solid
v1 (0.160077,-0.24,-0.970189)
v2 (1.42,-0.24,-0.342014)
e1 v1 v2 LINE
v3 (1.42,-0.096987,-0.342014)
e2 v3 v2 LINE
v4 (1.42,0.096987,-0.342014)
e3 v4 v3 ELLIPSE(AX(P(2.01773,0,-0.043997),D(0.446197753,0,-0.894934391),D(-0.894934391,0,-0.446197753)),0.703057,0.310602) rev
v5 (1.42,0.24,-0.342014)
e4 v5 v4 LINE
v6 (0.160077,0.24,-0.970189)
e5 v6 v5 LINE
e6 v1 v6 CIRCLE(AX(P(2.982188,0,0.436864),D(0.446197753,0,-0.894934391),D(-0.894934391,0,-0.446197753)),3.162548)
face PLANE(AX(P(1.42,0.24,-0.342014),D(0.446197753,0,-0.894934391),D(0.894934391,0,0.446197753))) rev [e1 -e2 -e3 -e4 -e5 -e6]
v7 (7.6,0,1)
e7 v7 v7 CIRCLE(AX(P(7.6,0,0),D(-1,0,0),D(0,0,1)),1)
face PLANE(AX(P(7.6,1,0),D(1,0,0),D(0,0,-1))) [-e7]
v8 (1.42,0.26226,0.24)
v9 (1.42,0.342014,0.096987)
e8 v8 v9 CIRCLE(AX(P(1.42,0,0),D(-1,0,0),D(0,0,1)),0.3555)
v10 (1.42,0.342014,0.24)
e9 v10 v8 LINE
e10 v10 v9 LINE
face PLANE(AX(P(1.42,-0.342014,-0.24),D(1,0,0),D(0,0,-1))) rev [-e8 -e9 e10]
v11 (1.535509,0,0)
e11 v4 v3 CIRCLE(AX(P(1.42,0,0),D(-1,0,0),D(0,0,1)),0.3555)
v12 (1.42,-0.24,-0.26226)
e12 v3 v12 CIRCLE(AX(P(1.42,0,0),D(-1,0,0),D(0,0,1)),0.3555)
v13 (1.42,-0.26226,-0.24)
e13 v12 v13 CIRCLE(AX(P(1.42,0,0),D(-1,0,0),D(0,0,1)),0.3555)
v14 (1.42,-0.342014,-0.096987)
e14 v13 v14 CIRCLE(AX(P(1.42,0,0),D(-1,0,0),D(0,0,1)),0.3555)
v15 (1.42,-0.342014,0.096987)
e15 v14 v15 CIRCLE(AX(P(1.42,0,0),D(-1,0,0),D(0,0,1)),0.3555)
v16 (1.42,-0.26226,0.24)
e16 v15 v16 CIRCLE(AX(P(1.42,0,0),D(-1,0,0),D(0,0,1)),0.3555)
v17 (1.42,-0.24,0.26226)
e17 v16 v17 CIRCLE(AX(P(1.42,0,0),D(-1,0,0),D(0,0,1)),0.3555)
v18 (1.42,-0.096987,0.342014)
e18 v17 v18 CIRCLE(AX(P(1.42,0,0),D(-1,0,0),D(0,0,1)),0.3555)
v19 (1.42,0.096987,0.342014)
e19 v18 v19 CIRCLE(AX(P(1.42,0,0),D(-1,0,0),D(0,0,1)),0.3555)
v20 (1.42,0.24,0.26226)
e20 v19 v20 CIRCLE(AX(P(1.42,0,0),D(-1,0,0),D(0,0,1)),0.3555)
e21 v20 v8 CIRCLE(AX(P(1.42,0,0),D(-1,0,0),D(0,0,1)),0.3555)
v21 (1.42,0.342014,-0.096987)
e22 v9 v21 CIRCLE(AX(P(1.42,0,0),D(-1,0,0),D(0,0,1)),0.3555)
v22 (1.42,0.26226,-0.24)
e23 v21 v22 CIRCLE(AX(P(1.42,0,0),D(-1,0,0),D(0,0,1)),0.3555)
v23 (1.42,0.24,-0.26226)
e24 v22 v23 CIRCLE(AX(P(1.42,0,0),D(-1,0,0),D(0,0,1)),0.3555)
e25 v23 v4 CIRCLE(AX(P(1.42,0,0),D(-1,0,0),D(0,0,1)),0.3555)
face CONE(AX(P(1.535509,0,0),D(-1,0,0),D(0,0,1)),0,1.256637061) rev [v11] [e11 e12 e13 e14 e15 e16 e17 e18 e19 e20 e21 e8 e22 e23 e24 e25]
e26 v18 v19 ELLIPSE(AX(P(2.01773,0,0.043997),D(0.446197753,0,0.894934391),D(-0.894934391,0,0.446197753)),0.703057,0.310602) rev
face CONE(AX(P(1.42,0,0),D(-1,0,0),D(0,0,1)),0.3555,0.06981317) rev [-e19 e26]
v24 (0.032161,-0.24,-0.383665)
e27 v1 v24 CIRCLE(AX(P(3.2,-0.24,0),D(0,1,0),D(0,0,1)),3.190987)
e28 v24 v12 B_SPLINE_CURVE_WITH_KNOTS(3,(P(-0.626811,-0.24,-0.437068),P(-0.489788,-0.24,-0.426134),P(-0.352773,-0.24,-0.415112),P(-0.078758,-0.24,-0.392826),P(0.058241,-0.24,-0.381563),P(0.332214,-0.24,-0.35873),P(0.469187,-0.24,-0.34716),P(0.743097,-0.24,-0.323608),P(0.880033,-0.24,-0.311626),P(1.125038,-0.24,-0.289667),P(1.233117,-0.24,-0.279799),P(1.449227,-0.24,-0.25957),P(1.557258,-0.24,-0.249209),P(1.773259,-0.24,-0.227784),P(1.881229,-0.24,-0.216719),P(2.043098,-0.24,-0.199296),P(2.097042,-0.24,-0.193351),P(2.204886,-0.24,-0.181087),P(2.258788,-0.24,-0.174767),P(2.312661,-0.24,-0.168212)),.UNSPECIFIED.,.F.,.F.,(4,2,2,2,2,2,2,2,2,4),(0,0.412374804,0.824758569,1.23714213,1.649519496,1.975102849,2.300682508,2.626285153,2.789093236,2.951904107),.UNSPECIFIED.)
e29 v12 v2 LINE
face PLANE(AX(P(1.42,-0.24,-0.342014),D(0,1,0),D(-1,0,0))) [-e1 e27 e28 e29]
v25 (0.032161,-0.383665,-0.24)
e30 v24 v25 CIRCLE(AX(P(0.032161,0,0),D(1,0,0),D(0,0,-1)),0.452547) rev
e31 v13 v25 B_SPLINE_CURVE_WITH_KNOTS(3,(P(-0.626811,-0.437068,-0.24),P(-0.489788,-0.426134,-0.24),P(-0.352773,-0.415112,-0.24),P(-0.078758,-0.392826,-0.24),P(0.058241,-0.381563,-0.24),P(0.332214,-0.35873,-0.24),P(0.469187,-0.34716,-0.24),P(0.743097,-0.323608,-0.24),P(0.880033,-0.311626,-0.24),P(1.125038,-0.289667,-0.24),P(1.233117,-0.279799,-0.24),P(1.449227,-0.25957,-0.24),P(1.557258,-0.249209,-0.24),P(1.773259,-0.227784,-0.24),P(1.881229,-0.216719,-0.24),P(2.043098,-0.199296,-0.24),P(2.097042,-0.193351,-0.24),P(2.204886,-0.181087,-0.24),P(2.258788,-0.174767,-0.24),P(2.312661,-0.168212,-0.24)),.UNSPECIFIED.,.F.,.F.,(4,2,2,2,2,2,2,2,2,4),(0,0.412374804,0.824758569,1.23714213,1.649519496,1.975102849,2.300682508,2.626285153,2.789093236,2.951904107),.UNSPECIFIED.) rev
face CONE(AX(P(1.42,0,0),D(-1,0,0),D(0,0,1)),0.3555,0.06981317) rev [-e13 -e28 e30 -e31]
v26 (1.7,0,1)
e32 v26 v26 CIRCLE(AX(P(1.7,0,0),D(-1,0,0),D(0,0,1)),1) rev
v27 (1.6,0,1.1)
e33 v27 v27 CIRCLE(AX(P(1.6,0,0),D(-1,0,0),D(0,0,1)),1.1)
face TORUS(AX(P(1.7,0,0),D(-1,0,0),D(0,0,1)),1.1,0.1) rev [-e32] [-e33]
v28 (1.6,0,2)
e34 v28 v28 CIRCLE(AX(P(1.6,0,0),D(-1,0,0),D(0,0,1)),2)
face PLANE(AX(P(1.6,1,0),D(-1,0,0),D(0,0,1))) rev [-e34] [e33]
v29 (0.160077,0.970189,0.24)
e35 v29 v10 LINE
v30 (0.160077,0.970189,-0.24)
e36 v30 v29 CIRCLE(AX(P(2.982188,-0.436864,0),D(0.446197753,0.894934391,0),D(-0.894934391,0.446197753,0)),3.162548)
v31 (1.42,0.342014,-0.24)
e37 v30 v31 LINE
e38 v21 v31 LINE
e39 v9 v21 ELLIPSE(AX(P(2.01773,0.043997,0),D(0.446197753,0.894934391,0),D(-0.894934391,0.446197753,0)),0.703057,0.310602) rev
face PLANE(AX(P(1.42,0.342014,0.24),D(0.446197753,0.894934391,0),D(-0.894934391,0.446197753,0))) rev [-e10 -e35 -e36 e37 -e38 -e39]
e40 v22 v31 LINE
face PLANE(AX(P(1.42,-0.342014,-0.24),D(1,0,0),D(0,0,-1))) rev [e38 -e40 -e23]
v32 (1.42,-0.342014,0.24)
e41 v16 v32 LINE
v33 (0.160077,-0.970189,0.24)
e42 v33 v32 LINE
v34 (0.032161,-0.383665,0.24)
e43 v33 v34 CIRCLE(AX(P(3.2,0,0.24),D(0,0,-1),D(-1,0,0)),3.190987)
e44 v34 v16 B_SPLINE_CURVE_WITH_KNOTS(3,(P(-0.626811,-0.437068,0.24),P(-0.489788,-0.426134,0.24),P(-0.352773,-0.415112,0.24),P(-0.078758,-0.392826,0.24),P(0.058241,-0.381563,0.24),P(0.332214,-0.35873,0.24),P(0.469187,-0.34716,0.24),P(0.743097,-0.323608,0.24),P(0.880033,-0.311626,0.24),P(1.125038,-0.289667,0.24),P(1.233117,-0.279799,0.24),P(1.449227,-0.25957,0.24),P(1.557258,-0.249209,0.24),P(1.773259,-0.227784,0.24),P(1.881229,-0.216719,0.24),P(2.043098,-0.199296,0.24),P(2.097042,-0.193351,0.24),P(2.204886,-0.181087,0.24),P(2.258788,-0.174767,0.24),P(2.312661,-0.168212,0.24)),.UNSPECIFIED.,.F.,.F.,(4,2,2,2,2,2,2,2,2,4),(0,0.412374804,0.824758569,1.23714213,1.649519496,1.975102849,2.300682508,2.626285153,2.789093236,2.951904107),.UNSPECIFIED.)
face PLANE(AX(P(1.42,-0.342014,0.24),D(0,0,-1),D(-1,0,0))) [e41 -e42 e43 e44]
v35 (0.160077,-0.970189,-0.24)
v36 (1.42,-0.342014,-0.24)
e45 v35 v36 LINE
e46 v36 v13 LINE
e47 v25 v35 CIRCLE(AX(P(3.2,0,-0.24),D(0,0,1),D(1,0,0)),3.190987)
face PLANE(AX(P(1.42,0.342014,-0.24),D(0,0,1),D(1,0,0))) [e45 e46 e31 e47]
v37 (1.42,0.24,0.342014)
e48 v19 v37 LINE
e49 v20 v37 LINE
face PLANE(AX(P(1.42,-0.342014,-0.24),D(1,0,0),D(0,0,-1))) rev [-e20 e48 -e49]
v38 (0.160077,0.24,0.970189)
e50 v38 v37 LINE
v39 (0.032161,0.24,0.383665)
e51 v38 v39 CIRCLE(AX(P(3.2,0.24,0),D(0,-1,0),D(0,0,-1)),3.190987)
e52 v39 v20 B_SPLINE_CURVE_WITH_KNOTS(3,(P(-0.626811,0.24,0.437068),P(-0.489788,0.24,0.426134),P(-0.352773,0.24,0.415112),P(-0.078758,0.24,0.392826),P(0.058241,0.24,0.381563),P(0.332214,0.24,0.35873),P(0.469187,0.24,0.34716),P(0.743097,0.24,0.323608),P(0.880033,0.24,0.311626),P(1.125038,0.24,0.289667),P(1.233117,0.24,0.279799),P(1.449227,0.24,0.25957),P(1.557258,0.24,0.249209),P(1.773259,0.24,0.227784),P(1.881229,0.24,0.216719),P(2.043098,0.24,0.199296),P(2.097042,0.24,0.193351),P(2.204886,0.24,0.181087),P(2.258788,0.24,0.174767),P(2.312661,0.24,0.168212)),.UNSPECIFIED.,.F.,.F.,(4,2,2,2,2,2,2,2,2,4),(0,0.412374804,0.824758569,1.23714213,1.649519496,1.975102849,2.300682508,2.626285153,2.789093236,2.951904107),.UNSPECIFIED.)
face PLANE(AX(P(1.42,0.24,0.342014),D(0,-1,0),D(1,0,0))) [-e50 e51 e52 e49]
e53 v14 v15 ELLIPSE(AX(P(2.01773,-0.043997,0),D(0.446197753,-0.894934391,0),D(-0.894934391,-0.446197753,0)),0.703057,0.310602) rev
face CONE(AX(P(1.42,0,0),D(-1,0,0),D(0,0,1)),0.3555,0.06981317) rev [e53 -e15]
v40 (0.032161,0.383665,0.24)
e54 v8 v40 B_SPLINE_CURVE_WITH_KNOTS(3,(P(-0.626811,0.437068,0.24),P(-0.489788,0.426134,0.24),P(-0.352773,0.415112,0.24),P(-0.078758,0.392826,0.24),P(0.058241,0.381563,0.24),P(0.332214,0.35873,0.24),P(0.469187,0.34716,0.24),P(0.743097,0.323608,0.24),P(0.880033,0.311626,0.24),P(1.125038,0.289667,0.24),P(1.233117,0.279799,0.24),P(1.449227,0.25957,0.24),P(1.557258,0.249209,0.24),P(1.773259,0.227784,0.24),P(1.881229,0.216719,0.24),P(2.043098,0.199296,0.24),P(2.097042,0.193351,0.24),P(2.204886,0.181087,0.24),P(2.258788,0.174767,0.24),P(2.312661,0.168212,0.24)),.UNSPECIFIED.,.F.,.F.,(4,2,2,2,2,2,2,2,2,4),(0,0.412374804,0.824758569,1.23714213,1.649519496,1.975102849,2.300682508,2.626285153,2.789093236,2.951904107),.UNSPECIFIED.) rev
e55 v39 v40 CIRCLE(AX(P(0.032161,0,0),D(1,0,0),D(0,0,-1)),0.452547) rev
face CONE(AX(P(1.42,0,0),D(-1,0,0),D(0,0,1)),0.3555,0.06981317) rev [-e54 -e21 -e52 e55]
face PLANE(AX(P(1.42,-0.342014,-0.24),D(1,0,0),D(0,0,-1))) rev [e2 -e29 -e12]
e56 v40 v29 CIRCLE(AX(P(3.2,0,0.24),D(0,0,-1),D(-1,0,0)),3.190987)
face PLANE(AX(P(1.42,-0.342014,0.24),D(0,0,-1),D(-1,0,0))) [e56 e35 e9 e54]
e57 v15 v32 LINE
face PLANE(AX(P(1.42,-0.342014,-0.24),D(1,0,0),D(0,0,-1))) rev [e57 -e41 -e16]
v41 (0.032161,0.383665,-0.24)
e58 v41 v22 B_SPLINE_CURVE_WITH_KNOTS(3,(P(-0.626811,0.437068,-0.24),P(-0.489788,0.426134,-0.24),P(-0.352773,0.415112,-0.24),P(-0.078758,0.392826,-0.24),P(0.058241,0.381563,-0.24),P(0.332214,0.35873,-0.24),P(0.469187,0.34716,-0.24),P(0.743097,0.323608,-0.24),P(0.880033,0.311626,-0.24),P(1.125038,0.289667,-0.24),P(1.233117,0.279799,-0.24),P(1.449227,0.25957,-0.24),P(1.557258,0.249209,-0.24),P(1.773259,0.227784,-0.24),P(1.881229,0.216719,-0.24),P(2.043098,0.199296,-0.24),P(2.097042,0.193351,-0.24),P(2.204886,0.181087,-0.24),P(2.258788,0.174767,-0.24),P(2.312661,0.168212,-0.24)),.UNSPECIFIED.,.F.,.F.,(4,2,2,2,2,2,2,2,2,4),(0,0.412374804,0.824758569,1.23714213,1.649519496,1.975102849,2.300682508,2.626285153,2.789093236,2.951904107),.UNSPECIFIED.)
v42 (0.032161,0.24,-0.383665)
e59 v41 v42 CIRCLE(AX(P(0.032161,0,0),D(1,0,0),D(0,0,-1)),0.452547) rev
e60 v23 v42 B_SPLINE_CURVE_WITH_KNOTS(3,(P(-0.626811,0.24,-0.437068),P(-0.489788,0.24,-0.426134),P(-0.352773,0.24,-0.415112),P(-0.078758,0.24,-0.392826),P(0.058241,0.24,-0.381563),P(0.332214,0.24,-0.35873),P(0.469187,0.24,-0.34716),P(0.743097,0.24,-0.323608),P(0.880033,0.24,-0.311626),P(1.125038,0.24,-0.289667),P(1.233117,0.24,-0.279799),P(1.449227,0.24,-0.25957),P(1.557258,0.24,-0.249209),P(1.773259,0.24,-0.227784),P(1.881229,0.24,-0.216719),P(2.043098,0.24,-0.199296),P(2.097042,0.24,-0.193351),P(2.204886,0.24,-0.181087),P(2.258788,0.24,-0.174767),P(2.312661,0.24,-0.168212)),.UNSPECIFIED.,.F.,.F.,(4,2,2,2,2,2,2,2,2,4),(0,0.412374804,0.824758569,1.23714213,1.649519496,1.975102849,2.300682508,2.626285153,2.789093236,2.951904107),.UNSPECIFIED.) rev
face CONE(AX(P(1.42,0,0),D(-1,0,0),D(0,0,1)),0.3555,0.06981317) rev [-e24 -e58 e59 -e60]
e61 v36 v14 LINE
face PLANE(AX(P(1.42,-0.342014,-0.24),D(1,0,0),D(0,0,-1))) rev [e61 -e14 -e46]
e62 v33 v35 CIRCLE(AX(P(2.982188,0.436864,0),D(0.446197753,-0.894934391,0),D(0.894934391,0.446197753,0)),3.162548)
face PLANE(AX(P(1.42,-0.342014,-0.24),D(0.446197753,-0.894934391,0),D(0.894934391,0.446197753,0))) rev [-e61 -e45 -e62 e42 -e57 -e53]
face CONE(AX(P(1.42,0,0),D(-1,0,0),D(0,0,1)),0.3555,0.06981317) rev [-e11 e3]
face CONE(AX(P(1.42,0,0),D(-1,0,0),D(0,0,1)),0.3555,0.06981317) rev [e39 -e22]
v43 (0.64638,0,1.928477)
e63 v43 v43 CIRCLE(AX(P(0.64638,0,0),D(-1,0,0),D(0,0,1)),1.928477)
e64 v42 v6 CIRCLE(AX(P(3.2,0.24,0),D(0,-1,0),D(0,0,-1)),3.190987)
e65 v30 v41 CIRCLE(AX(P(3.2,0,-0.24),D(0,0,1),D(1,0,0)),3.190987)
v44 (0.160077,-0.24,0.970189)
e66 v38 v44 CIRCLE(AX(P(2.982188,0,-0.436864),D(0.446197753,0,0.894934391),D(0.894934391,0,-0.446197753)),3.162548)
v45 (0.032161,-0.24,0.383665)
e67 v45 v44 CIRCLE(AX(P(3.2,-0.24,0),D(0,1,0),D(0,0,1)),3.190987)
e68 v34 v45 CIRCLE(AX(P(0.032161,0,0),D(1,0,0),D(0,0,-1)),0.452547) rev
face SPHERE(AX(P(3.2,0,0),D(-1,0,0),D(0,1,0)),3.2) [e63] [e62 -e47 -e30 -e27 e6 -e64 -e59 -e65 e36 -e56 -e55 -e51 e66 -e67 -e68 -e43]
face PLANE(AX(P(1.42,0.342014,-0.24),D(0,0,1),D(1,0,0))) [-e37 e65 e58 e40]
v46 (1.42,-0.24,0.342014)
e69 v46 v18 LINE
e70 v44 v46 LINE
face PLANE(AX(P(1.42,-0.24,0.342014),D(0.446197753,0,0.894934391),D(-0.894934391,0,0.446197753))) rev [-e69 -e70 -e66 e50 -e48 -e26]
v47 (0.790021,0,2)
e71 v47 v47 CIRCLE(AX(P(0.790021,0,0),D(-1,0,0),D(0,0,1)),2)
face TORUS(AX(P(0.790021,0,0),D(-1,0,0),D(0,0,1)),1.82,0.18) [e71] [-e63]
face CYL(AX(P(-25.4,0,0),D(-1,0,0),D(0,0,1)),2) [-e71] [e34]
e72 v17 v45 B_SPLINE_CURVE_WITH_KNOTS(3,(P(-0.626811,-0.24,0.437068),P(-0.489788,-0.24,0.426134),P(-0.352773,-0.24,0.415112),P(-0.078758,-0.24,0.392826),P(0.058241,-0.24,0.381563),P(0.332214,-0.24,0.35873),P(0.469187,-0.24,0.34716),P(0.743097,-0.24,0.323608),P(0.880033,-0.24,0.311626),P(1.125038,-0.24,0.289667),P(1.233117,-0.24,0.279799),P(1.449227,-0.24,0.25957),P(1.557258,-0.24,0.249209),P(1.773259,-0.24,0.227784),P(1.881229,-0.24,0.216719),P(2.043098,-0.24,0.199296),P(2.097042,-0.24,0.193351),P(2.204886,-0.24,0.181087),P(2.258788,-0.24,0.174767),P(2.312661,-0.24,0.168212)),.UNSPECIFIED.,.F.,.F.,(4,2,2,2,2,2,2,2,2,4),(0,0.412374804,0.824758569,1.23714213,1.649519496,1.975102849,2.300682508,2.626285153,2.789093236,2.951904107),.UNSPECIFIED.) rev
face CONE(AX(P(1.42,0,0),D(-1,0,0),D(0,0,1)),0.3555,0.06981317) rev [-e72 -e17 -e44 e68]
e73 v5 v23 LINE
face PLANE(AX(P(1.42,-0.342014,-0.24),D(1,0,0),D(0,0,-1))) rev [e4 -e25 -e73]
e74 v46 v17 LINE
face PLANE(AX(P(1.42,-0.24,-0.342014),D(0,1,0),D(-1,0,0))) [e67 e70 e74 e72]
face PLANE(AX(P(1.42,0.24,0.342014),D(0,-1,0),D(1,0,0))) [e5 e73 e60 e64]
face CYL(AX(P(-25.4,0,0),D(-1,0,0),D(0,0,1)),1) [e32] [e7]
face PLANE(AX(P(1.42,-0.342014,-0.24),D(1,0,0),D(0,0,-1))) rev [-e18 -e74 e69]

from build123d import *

# Parameters (mm, degrees)
FILLET1_R    = 0.1
RECPAT_COUNT = 2
RECPAT_ANGLE = 90


with BuildPart() as part:
    # BodySke → Base-Revolve (revolve)
    with BuildSketch(Plane.XY, mode=Mode.PRIVATE) as base_revolve_sk:
        with BuildLine():
            Line((1.6, 1), (1.6, 2))
            Line((1.6, 2), (0.790020747, 2))
            ThreePointArc((0.790020747, 2), (0.709789294, 1.981130115), (0.646379599, 1.928476821))
            ThreePointArc((0.646379599, 1.928476821), (0.165895084, 1.016959861), (0, 0))
            Line((0, 0), (7.6, 0))
            Line((7.6, 0), (7.6, 1))
            Line((7.6, 1), (1.6, 1))
        make_face()
    revolve(base_revolve_sk.sketch.rotate(Axis((0.790020747, 0, 0), (1, 0, 0)), 90), axis=Axis((0.790020747, 0, 0), (1, 0, 0)))

    # Fillet1
    fillet1_edges = [part.edges().sort_by_distance(p)[0] for p in [
        (1.6, 0, -1),
    ]]
    fillet(fillet1_edges, radius=FILLET1_R)

    # Sketch3 → Recess section 0
    with BuildSketch(Plane(origin=(0, 0, 0), x_dir=(0, 0, -1), z_dir=(1, 0, 0))):
        with BuildLine():
            Line((0.24, -1.05), (-0.24, -1.05))
            Line((-0.24, -1.05), (-0.24, 1.05))
            Line((-0.24, 1.05), (0.24, 1.05))
            Line((0.24, 1.05), (0.24, -1.05))
        make_face()
    # Sketch4 → Recess section 1
    with BuildSketch(Plane(origin=(1.42, 0, 0), x_dir=(0, 0, -1), z_dir=(1, 0, 0))):
        with BuildLine():
            Line((0.24, -0.342014235), (-0.24, -0.342014235))
            Line((-0.24, -0.342014235), (-0.24, 0.342014235))
            Line((-0.24, 0.342014235), (0.24, 0.342014235))
            Line((0.24, 0.342014235), (0.24, -0.342014235))
        make_face()
    recess = loft(mode=Mode.SUBTRACT)

    # RecPat: Recess ×2 about axis
    recpat_axis = Axis((0, 0, 0), (1, 0, 0))
    for i in range(1, RECPAT_COUNT):
        add(recess.rotate(recpat_axis, i * RECPAT_ANGLE / (RECPAT_COUNT - 1)), mode=Mode.SUBTRACT)

    # RecCorSke → RecessCore (revolve, cut)
    with BuildSketch(Plane.XY, mode=Mode.PRIVATE) as recesscore_sk:
        Polygon((0, 0), (0, 0.454796073), (1.42, 0.3555), (1.535508952, 0), align=None)
    revolve(recesscore_sk.sketch.rotate(Axis((-3.175, 0, 0), (1, 0, 0)), 13.894577695), axis=Axis((-3.175, 0, 0), (1, 0, 0)), mode=Mode.SUBTRACT)


solid = part.part
